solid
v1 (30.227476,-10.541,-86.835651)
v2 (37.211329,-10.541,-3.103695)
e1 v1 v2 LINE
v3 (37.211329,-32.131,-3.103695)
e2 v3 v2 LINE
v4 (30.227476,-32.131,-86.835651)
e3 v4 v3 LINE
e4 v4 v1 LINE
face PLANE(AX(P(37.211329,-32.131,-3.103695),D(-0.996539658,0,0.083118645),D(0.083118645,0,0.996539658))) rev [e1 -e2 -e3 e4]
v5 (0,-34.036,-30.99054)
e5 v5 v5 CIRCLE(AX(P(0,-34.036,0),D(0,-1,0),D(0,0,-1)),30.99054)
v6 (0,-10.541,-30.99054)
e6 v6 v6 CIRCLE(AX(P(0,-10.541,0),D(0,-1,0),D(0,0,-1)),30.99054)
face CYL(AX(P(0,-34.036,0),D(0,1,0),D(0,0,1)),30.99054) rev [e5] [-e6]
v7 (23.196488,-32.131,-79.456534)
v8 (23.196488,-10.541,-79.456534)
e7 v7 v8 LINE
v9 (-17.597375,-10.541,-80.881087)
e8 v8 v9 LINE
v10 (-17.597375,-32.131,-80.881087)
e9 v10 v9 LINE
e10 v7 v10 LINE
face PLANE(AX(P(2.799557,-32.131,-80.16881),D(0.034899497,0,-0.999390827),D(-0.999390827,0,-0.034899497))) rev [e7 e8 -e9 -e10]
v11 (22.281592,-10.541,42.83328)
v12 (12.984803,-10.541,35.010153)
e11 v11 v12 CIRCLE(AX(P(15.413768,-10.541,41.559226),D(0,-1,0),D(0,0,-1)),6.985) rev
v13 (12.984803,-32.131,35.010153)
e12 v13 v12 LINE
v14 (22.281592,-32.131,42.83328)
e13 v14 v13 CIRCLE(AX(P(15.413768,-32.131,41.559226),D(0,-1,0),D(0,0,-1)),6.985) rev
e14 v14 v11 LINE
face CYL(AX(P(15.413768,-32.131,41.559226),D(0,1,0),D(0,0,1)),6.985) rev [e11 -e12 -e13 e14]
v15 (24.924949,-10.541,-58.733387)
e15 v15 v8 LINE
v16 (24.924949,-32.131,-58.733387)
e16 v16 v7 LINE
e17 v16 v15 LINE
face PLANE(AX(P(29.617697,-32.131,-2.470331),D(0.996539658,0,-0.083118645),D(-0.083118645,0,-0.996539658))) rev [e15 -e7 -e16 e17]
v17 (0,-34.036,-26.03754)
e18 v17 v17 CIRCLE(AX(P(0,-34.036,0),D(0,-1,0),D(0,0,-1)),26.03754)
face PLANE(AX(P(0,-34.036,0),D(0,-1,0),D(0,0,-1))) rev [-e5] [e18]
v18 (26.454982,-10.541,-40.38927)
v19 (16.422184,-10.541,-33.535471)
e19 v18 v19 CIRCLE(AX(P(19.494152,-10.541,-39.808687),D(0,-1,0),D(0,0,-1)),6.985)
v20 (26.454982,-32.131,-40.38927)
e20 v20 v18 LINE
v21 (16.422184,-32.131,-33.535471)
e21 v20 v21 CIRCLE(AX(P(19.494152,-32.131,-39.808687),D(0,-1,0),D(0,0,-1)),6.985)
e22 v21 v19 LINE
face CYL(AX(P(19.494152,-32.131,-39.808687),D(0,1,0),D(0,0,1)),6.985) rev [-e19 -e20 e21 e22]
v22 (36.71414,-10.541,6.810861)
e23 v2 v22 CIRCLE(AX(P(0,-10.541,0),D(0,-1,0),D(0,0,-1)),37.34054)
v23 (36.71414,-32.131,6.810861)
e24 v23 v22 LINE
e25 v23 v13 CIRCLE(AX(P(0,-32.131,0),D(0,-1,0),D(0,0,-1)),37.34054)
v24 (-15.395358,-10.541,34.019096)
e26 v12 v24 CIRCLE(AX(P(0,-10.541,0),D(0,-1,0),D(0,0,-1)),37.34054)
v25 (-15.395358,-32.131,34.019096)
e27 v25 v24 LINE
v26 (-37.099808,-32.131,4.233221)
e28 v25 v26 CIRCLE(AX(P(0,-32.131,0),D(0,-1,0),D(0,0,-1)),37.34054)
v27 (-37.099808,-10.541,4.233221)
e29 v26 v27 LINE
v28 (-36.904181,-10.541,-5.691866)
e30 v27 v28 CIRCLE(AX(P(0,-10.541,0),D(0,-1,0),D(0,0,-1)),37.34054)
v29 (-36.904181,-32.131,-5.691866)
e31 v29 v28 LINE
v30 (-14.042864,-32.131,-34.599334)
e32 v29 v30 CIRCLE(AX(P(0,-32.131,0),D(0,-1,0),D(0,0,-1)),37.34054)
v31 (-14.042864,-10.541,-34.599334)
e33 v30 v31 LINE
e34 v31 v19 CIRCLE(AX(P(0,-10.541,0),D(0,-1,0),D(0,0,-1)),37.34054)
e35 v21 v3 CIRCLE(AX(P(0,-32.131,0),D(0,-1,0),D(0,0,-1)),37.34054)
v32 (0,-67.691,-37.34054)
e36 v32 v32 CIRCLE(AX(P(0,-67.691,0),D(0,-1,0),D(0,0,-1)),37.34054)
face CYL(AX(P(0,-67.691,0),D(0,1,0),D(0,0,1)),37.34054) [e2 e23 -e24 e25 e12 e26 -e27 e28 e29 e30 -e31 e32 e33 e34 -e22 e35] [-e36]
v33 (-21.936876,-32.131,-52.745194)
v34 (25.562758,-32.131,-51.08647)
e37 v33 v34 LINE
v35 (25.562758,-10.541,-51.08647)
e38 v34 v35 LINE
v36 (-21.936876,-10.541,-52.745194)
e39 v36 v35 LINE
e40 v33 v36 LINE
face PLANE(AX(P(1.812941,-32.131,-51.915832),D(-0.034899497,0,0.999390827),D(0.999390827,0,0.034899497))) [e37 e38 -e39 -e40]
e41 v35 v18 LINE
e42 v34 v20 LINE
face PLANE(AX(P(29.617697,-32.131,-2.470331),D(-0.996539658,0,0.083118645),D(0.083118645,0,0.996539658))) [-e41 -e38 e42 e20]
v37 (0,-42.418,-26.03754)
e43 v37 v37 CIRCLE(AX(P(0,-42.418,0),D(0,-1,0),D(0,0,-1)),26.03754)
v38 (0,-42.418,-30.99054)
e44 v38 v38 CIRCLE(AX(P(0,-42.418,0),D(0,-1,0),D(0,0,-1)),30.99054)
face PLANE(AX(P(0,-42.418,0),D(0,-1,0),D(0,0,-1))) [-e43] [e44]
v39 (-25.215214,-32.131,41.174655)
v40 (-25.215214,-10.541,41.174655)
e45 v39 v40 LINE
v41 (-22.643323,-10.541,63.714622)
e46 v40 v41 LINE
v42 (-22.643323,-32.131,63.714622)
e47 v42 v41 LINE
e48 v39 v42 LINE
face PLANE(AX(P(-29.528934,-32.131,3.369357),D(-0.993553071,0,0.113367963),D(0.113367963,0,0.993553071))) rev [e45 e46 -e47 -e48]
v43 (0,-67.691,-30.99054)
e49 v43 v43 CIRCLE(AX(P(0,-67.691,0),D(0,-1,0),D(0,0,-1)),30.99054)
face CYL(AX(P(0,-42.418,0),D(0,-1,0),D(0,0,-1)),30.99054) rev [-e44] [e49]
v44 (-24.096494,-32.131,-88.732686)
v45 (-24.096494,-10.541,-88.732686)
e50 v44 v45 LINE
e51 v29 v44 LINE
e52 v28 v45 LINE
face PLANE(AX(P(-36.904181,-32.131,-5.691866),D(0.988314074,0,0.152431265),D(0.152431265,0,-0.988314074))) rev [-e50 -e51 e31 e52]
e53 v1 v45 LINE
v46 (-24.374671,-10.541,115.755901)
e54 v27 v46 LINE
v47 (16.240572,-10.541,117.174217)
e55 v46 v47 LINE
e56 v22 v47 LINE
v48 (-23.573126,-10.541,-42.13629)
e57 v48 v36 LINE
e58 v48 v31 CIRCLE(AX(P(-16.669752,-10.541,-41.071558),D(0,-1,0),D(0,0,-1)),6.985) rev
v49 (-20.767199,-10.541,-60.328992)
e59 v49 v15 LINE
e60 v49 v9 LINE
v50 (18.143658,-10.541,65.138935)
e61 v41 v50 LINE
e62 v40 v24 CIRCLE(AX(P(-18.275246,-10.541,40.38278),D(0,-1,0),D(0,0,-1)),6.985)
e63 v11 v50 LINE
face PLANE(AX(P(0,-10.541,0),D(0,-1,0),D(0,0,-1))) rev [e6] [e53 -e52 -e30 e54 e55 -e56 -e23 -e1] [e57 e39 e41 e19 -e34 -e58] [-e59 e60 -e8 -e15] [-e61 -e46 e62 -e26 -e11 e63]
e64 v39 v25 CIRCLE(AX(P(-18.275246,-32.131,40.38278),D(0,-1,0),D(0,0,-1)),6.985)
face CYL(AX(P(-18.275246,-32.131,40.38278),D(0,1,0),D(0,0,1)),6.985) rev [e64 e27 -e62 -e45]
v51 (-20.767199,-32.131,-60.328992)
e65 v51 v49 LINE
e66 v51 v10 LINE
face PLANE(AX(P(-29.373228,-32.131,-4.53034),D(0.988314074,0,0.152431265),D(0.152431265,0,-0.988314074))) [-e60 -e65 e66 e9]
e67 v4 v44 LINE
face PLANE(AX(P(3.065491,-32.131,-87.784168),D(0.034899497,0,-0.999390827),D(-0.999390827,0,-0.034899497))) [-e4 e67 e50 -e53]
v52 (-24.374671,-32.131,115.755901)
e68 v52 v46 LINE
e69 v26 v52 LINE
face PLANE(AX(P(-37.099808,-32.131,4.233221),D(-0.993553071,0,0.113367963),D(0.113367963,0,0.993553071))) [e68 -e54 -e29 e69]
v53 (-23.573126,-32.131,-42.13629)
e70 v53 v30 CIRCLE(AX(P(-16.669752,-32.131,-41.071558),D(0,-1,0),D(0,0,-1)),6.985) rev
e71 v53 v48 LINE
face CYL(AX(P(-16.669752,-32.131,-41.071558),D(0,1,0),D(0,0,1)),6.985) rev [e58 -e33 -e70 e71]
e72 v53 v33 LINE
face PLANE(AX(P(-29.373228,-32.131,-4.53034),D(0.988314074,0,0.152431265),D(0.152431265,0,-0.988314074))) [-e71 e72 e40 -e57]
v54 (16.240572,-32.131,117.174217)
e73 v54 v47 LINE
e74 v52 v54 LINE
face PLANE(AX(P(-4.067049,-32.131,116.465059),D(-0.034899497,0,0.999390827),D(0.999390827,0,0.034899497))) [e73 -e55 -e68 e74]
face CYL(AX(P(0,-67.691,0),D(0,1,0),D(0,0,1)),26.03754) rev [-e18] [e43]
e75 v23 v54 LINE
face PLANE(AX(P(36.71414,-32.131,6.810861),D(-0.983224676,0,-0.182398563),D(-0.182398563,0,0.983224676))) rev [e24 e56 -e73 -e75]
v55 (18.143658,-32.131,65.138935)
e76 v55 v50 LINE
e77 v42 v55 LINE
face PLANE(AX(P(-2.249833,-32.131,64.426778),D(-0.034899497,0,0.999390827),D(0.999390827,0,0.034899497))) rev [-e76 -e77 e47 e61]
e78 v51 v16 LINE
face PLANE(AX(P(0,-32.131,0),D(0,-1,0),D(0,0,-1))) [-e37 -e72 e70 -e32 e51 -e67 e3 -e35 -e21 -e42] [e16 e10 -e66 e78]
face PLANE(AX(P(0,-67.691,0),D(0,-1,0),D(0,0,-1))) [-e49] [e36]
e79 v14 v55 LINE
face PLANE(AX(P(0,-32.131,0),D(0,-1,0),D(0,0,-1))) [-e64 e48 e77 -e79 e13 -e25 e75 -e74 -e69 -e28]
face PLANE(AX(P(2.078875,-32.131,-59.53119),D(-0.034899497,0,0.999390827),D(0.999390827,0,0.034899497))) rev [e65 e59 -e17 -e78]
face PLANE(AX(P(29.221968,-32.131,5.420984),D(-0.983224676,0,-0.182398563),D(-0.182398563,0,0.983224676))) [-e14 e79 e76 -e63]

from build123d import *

# Parameters (mm, degrees)
MAIN_BODY_R         = 37.34054
MAIN_BODY_R_2       = 30.99054
MAIN_BODY_R_3       = 26.03754
BOSS_EXTRUDE1_DEPTH = 57.15
MAIN_BODY_5_R       = 30.99054
MAIN_BODY_5_R_2     = 26.03754
CUT_EXTRUDE2_DEPTH  = 23.495
CUT_EXTRUDE3_START  = 31.877
MAIN_BODY_6_R       = 30.99054
MAIN_BODY_6_R_2     = 26.03754
CUT_EXTRUDE3_DEPTH  = 25.273
BOSS_EXTRUDE2_DEPTH = 21.59
BOSS_EXTRUDE3_DEPTH = 21.59


with BuildPart() as part:
    # Main Body → Boss-Extrude1 (new body)
    # profile 1 of 2: a face of its own
    with BuildSketch(Plane(origin=(0, -10.541, 0), x_dir=(-1, 0, 0), z_dir=(0, -1, 0))):
        with Locations(Location((0, 0, 0), (0, 0, 90))):
            Circle(MAIN_BODY_R)
        Circle(MAIN_BODY_R_2, mode=Mode.SUBTRACT)
    # profile 2 of 2: a face of its own
    with BuildSketch(Plane(origin=(0, -10.541, 0), x_dir=(-1, 0, 0), z_dir=(0, -1, 0))):
        Circle(MAIN_BODY_R_2)
        with Locations(Location((0, 0, 0), (0, 0, 90))):
            Circle(MAIN_BODY_R_3, mode=Mode.SUBTRACT)
    extrude(amount=BOSS_EXTRUDE1_DEPTH)

    # Main Body<5> → Cut-Extrude2 (cut)
    with BuildSketch(Plane(origin=(0, -10.541, 0), x_dir=(-1, 0, 0), z_dir=(0, -1, 0))):
        with Locations(Location((0, 0, 0), (0, 0, 90))):
            Circle(MAIN_BODY_5_R)
        with Locations(Location((0, 0, 0), (0, 0, 90))):
            Circle(MAIN_BODY_5_R_2, mode=Mode.SUBTRACT)
    extrude(amount=CUT_EXTRUDE2_DEPTH, mode=Mode.SUBTRACT)

    # Main Body<6> → Cut-Extrude3 (cut)
    with BuildSketch(Plane(origin=(0, -10.541, 0), x_dir=(-1, 0, 0), z_dir=(0, -1, 0)).offset(CUT_EXTRUDE3_START)):
        with Locations(Location((0, 0, 0), (0, 0, 90))):
            Circle(MAIN_BODY_6_R)
        with Locations(Location((0, 0, 0), (0, 0, 90))):
            Circle(MAIN_BODY_6_R_2, mode=Mode.SUBTRACT)
    extrude(amount=CUT_EXTRUDE3_DEPTH, mode=Mode.SUBTRACT)

    # Main Body<7> → Boss-Extrude2 (add)
    # profile 1 of 3: a face of its own
    with BuildSketch(Plane(origin=(0, -10.541, 0), x_dir=(-1, 0, 0), z_dir=(0, -1, 0))):
        with BuildLine():
            ThreePointArc((14.04286423, 34.599333689), (23.506970789, 33.71138504), (31.892042271, 38.188922533))
            Line((31.892042271, 38.188922533), (24.09649432, 88.732685748))
            Line((24.09649432, 88.732685748), (-30.227475734, 86.835650912))
            Line((-30.227475734, 86.835650912), (-34.657917418, 33.717474684))
            ThreePointArc((-34.657917418, 33.717474684), (-25.561615202, 31.465837631), (-16.422184031, 33.535470761))
            ThreePointArc((-16.422184031, 33.535470761), (-23.434260482, 34.041037689), (-26.454981852, 40.389270237))
            Line((-26.454981852, 40.389270237), (-25.562757718, 51.086469788))
            Line((-25.562757718, 51.086469788), (21.936876136, 52.745193552))
            Line((21.936876136, 52.745193552), (23.573125777, 42.136290252))
            ThreePointArc((23.573125777, 42.136290252), (21.002593049, 35.592806809), (14.04286423, 34.599333689))
        make_face()
        Polygon((17.597375259, 80.881086782), (20.76719935, 60.328992267), (-24.924949261, 58.733387277), (-23.196488344, 79.456533674), align=None, mode=Mode.SUBTRACT)
    # profile 2 of 3: a face of its own
    with BuildSketch(Plane(origin=(0, -10.541, 0), x_dir=(-1, 0, 0), z_dir=(0, -1, 0))):
        with BuildLine():
            ThreePointArc((14.04286423, 34.599333689), (29.288407022, 23.162580633), (36.904181225, 5.691865742))
            Line((36.904181225, 5.691865742), (31.892042271, 38.188922533))
            ThreePointArc((31.892042271, 38.188922533), (23.506970789, 33.71138504), (14.04286423, 34.599333689))
        make_face()
    # profile 3 of 3: a face of its own
    with BuildSketch(Plane(origin=(0, -10.541, 0), x_dir=(-1, 0, 0), z_dir=(0, -1, 0))):
        with BuildLine():
            ThreePointArc((-37.211328977, 3.103695095), (-30.832801883, 21.063101755), (-16.422184031, 33.535470761))
            ThreePointArc((-16.422184031, 33.535470761), (-25.561615202, 31.465837631), (-34.657917418, 33.717474684))
            Line((-34.657917418, 33.717474684), (-37.211328977, 3.103695095))
        make_face()
    extrude(amount=BOSS_EXTRUDE2_DEPTH)

    # Main Body<8> → Boss-Extrude3 (add)
    with BuildSketch(Plane(origin=(0, -10.541, 0), x_dir=(-1, 0, 0), z_dir=(0, -1, 0))):
        with BuildLine():
            ThreePointArc((37.099808191, -4.233220956), (30.17838959, -21.990469055), (15.395357729, -34.01909593))
            ThreePointArc((15.395357729, -34.01909593), (22.38882917, -34.737546541), (25.215213948, -41.174654833))
            Line((25.215213948, -41.174654833), (22.643322984, -63.714622021))
            Line((22.643322984, -63.714622021), (-18.14365763, -65.138934769))
            Line((-18.14365763, -65.138934769), (-22.281592226, -42.833279853))
            ThreePointArc((-22.281592226, -42.833279853), (-19.911122354, -36.214693398), (-12.984803239, -35.010152989))
            ThreePointArc((-12.984803239, -35.010152989), (-28.570898972, -24.042039419), (-36.714140357, -6.810860839))
            Line((-36.714140357, -6.810860839), (-16.240572134, -117.174216531))
            Line((-16.240572134, -117.174216531), (24.374671076, -115.755900985))
            Line((24.374671076, -115.755900985), (37.099808191, -4.233220956))
        make_face()
    extrude(amount=BOSS_EXTRUDE3_DEPTH)


solid = part.part
